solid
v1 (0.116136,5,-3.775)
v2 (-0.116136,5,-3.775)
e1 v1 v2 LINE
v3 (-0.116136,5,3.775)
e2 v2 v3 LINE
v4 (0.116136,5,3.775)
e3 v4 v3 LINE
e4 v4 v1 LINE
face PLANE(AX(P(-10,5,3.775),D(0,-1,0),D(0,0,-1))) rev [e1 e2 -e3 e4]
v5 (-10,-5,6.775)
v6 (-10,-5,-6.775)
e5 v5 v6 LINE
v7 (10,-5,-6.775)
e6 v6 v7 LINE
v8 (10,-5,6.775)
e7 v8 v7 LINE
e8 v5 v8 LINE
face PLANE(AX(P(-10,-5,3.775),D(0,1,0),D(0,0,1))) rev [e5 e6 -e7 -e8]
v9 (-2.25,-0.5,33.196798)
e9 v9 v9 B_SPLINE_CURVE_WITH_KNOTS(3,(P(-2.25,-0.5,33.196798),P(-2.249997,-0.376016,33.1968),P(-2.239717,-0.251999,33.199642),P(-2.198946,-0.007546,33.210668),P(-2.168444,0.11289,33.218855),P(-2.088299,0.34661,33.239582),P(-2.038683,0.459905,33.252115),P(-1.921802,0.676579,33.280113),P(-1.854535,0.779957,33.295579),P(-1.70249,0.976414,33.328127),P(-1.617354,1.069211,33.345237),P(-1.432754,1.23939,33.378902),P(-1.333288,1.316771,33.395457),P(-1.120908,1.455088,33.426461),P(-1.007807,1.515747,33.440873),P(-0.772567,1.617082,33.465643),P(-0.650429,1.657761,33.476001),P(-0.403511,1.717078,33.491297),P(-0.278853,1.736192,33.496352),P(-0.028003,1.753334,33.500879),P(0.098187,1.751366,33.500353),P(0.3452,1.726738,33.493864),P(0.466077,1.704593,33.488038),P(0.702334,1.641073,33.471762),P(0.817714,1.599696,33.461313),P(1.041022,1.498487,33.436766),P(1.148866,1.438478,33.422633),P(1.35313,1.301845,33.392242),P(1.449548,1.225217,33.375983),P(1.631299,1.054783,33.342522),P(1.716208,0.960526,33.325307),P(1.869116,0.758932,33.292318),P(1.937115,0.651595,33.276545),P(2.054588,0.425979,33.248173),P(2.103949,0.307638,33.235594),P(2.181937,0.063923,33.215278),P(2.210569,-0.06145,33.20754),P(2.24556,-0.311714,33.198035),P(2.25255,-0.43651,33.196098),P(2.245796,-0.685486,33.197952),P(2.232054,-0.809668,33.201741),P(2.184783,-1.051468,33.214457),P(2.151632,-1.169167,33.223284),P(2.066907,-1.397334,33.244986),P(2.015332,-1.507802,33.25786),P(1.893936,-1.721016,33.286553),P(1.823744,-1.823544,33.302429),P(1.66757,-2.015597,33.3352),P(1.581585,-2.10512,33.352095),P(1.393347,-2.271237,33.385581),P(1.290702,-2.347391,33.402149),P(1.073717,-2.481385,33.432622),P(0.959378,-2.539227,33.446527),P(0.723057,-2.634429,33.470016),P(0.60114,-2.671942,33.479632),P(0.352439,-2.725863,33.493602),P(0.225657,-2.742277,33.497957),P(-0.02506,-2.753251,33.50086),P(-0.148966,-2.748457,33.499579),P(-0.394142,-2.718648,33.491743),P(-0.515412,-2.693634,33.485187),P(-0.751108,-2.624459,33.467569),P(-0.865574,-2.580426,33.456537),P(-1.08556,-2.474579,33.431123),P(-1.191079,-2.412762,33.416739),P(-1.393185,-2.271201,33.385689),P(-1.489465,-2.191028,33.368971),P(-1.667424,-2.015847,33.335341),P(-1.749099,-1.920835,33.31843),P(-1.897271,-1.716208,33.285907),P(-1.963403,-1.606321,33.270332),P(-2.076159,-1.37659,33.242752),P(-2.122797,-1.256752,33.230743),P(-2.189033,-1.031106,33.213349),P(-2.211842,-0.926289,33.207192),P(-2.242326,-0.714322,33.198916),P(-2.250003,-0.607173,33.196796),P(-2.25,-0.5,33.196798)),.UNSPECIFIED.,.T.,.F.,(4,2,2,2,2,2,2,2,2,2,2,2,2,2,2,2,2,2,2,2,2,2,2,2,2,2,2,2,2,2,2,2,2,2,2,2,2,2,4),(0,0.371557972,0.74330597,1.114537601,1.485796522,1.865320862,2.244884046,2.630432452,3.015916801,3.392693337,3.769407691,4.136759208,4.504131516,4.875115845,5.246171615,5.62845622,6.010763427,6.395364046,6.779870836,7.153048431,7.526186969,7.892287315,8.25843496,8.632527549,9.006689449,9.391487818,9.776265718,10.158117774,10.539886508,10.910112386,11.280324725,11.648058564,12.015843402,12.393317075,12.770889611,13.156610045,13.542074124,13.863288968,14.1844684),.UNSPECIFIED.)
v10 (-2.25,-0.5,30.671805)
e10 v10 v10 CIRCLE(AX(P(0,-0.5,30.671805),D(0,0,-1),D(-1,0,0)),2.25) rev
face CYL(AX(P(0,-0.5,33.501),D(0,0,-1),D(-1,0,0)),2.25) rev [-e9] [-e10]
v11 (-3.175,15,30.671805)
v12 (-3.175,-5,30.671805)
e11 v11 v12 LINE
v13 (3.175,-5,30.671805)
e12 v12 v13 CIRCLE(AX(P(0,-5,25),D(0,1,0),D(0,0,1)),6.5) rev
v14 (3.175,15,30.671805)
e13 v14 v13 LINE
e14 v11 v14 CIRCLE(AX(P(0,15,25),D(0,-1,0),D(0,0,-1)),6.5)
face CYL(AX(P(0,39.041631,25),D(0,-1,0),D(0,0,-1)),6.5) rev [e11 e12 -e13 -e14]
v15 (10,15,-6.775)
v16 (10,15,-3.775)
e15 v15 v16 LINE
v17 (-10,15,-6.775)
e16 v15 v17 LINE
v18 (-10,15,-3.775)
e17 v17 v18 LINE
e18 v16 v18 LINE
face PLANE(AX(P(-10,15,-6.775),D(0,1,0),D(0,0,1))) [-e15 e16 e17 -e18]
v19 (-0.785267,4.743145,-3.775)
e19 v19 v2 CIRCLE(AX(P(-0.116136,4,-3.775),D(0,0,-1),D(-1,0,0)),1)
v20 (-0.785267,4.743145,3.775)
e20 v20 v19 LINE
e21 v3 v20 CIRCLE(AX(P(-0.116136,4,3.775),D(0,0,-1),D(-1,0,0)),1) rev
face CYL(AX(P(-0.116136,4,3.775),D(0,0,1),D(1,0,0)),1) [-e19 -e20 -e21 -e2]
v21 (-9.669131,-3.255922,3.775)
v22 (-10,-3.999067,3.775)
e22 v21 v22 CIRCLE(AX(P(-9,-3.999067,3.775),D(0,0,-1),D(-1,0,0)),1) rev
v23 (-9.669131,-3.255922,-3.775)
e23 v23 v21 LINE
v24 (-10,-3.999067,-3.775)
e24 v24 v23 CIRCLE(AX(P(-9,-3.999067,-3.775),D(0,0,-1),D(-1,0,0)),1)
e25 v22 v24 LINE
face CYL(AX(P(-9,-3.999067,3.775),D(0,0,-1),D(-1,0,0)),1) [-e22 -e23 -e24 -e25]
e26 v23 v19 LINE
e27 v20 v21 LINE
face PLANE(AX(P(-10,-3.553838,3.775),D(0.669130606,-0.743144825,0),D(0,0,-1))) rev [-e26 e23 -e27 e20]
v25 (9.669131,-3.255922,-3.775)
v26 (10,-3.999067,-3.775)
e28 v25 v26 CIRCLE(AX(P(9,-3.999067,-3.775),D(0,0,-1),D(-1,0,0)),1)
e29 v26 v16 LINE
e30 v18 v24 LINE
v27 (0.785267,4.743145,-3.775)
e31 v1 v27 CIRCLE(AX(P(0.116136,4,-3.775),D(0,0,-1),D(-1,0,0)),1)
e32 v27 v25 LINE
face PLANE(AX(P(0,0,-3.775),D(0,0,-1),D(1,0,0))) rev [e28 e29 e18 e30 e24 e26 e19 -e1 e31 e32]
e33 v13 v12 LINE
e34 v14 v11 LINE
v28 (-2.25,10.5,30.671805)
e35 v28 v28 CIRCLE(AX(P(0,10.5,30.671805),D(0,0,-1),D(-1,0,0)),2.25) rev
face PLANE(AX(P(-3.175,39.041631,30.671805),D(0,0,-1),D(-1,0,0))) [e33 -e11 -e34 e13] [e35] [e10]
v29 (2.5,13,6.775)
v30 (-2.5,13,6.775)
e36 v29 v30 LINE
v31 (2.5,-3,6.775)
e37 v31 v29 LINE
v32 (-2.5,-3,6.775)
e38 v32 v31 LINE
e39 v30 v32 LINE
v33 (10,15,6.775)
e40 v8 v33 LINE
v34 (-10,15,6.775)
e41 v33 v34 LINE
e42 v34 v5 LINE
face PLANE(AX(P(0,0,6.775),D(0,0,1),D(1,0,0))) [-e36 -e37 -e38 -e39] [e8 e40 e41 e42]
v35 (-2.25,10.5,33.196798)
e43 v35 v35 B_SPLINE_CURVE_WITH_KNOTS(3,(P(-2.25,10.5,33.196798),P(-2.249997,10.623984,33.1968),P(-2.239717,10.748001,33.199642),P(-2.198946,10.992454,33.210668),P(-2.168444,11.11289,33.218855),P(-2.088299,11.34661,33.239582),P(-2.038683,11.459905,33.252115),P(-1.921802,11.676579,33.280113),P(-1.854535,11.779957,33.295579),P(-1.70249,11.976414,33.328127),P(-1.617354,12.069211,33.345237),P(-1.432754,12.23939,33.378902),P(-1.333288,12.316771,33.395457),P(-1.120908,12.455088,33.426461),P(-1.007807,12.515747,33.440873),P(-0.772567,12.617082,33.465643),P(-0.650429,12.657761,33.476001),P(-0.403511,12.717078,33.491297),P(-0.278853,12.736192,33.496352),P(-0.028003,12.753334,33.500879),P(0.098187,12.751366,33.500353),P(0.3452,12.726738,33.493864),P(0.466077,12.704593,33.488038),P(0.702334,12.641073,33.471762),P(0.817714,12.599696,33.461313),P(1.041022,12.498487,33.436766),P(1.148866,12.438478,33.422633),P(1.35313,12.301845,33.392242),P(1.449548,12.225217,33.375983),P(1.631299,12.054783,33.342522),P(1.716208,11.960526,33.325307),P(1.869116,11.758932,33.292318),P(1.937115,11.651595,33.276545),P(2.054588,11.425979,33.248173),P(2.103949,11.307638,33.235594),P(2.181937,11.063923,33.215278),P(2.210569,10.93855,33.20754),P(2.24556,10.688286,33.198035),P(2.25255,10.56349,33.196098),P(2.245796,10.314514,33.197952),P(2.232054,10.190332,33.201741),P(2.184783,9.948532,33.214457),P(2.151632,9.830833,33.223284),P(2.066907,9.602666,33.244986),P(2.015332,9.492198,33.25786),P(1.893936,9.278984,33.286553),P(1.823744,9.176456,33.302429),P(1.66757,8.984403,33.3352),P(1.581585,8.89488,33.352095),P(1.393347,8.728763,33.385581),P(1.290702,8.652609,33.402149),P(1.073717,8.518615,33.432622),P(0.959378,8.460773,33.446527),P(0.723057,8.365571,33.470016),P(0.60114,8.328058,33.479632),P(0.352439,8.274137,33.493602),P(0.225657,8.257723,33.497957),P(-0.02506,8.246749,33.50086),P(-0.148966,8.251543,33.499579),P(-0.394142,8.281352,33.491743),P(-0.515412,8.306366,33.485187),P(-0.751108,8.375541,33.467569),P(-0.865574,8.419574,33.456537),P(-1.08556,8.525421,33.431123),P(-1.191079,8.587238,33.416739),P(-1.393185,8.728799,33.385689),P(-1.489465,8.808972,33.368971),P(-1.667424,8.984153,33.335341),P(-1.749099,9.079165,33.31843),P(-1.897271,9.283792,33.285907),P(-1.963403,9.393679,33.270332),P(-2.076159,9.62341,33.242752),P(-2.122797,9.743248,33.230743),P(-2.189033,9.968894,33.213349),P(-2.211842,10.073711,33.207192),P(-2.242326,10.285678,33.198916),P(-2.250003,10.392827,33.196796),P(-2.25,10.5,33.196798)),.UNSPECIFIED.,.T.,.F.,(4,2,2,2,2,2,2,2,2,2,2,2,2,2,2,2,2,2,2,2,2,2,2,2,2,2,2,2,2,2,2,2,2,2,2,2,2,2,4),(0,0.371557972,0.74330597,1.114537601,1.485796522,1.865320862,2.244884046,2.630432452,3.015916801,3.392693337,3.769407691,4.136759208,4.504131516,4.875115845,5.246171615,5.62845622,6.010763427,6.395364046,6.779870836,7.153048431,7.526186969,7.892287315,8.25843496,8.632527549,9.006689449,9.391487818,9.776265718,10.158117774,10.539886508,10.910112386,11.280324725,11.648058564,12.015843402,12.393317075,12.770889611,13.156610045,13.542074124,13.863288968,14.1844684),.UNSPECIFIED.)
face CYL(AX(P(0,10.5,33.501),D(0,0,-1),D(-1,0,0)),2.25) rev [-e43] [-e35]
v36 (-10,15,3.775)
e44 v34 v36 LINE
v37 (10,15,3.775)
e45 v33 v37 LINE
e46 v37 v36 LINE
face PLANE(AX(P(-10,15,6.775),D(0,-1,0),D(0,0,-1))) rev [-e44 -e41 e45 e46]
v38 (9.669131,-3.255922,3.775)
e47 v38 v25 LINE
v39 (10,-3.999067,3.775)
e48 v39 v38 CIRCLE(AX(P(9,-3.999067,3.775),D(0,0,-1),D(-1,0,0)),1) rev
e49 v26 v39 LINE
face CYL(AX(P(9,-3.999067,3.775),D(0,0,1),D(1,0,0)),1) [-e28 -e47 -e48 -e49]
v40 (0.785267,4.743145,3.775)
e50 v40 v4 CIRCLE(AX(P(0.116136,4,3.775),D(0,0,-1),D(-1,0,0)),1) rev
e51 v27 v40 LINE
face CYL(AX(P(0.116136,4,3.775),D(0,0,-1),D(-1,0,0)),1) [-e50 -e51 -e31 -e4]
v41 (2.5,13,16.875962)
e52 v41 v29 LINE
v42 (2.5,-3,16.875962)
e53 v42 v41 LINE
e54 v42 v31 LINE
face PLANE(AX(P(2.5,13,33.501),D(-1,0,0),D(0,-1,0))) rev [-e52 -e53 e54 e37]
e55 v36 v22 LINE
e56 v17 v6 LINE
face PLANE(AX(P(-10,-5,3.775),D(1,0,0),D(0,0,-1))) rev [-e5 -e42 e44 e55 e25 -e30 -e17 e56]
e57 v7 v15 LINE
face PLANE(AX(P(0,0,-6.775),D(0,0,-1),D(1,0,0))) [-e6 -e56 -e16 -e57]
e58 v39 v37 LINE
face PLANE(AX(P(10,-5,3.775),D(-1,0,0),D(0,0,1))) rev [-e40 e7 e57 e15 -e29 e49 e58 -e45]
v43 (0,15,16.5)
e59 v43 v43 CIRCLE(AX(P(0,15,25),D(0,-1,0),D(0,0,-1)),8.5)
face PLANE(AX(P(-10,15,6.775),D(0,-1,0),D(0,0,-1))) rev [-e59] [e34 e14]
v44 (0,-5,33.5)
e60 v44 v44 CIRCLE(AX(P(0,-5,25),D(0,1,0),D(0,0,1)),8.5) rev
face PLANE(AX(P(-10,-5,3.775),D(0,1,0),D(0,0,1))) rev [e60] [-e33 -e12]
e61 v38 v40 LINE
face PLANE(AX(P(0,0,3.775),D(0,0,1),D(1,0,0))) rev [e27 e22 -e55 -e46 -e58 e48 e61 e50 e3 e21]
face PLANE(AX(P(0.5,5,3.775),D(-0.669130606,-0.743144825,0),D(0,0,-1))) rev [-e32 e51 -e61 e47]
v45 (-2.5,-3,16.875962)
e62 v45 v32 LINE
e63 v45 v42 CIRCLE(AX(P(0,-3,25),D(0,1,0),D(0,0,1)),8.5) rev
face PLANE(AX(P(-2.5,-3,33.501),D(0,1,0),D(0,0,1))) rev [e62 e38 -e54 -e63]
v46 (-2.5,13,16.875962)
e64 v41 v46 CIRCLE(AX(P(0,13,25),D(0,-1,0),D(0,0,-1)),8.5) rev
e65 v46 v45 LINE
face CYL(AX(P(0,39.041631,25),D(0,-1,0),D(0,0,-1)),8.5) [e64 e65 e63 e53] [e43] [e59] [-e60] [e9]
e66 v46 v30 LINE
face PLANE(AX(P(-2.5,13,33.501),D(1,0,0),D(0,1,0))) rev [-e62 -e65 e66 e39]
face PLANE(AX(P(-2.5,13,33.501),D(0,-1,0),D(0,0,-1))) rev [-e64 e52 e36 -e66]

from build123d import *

# Parameters (mm, degrees)
SKETCH2_W                       = 20
SKETCH2_H                       = 10
BOSS_EXTRUDE1_DEPTH             = 3.775
CHAMFER1_SIZE                   = 9.5
CHAMFER1_SIZE2                  = 8.553838421
FILLET3_R                       = 1
SKETCH3_W                       = 20
SKETCH3_H                       = 20
BOSS_EXTRUDE2_DEPTH             = 3
BOSS_EXTRUDE3_REACH             = 21.259
SKETCH6_R                       = 8.5
BOSS_EXTRUDE3_DIRECTION_2_REACH = 21.259
BOSS_EXTRUDE4_REACH             = 34.237
BOSS_EXTRUDE4_END_RADIUS        = 8.5
SKETCH5_W                       = 5
SKETCH5_H                       = 16
CUT_EXTRUDE1_REACH              = 34.278
CUT_EXTRUDE1_END_RADIUS         = 8.5
SKETCH7_R                       = 2.25


with BuildPart() as part:
    # Sketch2 → Boss-Extrude1 (new, symmetric)
    with BuildSketch(Plane.XY):
        Rectangle(SKETCH2_W, SKETCH2_H)
    extrude(amount=BOSS_EXTRUDE1_DEPTH, both=True)

    # Chamfer1
    chamfer1_edges = [part.edges().sort_by_distance(p)[0] for p in [
        (-10, 5, 0),
        (10, 5, 0),
    ]]
    chamfer1_side = [part.faces().sort_by_distance(p)[0] for p in [
        (0, 5, 0),
    ]]
    chamfer(chamfer1_edges, length=CHAMFER1_SIZE, length2=CHAMFER1_SIZE2, reference=chamfer1_side[0])

    # Fillet3
    fillet3_edges = [part.edges().sort_by_distance(p)[0] for p in [
        (-0.5, 5, 0),
        (0.5, 5, 0),
        (10, -3.553838421, 0),
        (-10, -3.553838421, 0),
    ]]
    fillet(fillet3_edges, radius=FILLET3_R)

    # Sketch3 → Boss-Extrude2 (add)
    with BuildSketch(Plane.XY.offset(3.775)):
        with Locations((0, 5)):
            Rectangle(SKETCH3_W, SKETCH3_H)
    boss_extrude2 = extrude(amount=BOSS_EXTRUDE2_DEPTH)

    # Mirror1: Boss-Extrude2 across plane
    add(boss_extrude2.mirror(Plane.XY))


with BuildPart() as body_2:

    # Boss-Extrude3: up to this face of the body (flat: up to its plane)
    boss_extrude3_end = Plane(part.part.faces().sort_by_distance((0, 15, 5.275))[0])
    # Sketch6 → Boss-Extrude3 (new, up to the picked face)
    with BuildSketch(Plane(origin=(0, 0, 0), x_dir=(1, 0, 0), z_dir=(0, 1, 0)), mode=Mode.PRIVATE) as boss_extrude3_sk1:
        with Locations(Location((0, -25, 0), (0, 0, 90))):
            Circle(SKETCH6_R)
        with BuildLine():
            Line((-3.175, -30.671805268), (3.175, -30.671805268))
            ThreePointArc((3.175, -30.671805268), (0, -18.5), (-3.175, -30.671805268))
        make_face(mode=Mode.SUBTRACT)
    boss_extrude3_tool1 = split(extrude(boss_extrude3_sk1.sketch, amount=BOSS_EXTRUDE3_REACH, mode=Mode.PRIVATE), bisect_by=boss_extrude3_end, keep=Keep.BOTH, mode=Mode.PRIVATE)
    add(boss_extrude3_tool1.solids().sort_by(Axis((0, 0, 33.259584), (0, 1, 0)))[0])


    # Boss-Extrude3 direction 2: up to this face of the body (flat: up to its plane)
    boss_extrude3_direction_2_end = Plane(part.part.faces().sort_by_distance((0, -5, 0))[0])
    # Sketch6 → Boss-Extrude3 direction 2 (add, up to the picked face)
    with BuildSketch(Plane(origin=(0, 0, 0), x_dir=(1, 0, 0), z_dir=(0, 1, 0)), mode=Mode.PRIVATE) as boss_extrude3_direction_2_sk1:
        with Locations(Location((0, -25, 0), (0, 0, 90))):
            Circle(SKETCH6_R)
        with BuildLine():
            Line((-3.175, -30.671805268), (3.175, -30.671805268))
            ThreePointArc((3.175, -30.671805268), (0, -18.5), (-3.175, -30.671805268))
        make_face(mode=Mode.SUBTRACT)
    boss_extrude3_direction_2_tool1 = split(extrude(boss_extrude3_direction_2_sk1.sketch, amount=-BOSS_EXTRUDE3_DIRECTION_2_REACH, mode=Mode.PRIVATE), bisect_by=boss_extrude3_direction_2_end, keep=Keep.BOTH, mode=Mode.PRIVATE)
    add(boss_extrude3_direction_2_tool1.solids().sort_by(Axis((0, 0, 33.259584), (0, -1, 0)))[0])


with BuildPart() as part_1:
    add(part.part)

    add(body_2.part)  # Boss-Extrude4 merges body 2
    # Boss-Extrude4: up to this cylinder (the profile starts outside it)
    boss_extrude4_end = Plane(origin=(0, 5, 25), z_dir=(0, -1, 0)) * Cylinder(BOSS_EXTRUDE4_END_RADIUS, 86.474, mode=Mode.PRIVATE)
    # Sketch5 → Boss-Extrude4 (add, up to the surface)
    with BuildSketch(Plane.XY.offset(6.775), mode=Mode.PRIVATE) as boss_extrude4_sk1:
        with Locations((0, 5)):
            Rectangle(SKETCH5_W, SKETCH5_H)
    boss_extrude4_tool1 = extrude(boss_extrude4_sk1.sketch, amount=BOSS_EXTRUDE4_REACH, mode=Mode.PRIVATE) - boss_extrude4_end
    add(boss_extrude4_tool1.solids().sort_by_distance((0, 5, 6.775))[0])

    # Cut-Extrude1: up to this cylinder (the profile starts inside it)
    cut_extrude1_end = Plane(origin=(0, 5, 25), z_dir=(0, -1, 0)) * Cylinder(CUT_EXTRUDE1_END_RADIUS, 97.556, mode=Mode.PRIVATE)
    # Sketch7 → Cut-Extrude1 (cut, up to the surface)
    with BuildSketch(Plane.XY.offset(20), mode=Mode.PRIVATE) as cut_extrude1_sk1:
        with Locations(Location((0, 10.5, 0), (0, 0, 180))):
            Circle(SKETCH7_R)
    cut_extrude1_tool1 = extrude(cut_extrude1_sk1.sketch, amount=CUT_EXTRUDE1_REACH, mode=Mode.PRIVATE) & cut_extrude1_end
    add(cut_extrude1_tool1.solids().sort_by_distance((0, 10.5, 20))[0], mode=Mode.SUBTRACT)
    # Sketch7 → Cut-Extrude1 (cut, up to the surface)
    with BuildSketch(Plane.XY.offset(20), mode=Mode.PRIVATE) as cut_extrude1_sk2:
        with Locations(Location((0, -0.5, 0), (0, 0, 180))):
            Circle(SKETCH7_R)
    cut_extrude1_tool2 = extrude(cut_extrude1_sk2.sketch, amount=CUT_EXTRUDE1_REACH, mode=Mode.PRIVATE) & cut_extrude1_end
    add(cut_extrude1_tool2.solids().sort_by_distance((0, -0.5, 20))[0], mode=Mode.SUBTRACT)


solid = part_1.part
